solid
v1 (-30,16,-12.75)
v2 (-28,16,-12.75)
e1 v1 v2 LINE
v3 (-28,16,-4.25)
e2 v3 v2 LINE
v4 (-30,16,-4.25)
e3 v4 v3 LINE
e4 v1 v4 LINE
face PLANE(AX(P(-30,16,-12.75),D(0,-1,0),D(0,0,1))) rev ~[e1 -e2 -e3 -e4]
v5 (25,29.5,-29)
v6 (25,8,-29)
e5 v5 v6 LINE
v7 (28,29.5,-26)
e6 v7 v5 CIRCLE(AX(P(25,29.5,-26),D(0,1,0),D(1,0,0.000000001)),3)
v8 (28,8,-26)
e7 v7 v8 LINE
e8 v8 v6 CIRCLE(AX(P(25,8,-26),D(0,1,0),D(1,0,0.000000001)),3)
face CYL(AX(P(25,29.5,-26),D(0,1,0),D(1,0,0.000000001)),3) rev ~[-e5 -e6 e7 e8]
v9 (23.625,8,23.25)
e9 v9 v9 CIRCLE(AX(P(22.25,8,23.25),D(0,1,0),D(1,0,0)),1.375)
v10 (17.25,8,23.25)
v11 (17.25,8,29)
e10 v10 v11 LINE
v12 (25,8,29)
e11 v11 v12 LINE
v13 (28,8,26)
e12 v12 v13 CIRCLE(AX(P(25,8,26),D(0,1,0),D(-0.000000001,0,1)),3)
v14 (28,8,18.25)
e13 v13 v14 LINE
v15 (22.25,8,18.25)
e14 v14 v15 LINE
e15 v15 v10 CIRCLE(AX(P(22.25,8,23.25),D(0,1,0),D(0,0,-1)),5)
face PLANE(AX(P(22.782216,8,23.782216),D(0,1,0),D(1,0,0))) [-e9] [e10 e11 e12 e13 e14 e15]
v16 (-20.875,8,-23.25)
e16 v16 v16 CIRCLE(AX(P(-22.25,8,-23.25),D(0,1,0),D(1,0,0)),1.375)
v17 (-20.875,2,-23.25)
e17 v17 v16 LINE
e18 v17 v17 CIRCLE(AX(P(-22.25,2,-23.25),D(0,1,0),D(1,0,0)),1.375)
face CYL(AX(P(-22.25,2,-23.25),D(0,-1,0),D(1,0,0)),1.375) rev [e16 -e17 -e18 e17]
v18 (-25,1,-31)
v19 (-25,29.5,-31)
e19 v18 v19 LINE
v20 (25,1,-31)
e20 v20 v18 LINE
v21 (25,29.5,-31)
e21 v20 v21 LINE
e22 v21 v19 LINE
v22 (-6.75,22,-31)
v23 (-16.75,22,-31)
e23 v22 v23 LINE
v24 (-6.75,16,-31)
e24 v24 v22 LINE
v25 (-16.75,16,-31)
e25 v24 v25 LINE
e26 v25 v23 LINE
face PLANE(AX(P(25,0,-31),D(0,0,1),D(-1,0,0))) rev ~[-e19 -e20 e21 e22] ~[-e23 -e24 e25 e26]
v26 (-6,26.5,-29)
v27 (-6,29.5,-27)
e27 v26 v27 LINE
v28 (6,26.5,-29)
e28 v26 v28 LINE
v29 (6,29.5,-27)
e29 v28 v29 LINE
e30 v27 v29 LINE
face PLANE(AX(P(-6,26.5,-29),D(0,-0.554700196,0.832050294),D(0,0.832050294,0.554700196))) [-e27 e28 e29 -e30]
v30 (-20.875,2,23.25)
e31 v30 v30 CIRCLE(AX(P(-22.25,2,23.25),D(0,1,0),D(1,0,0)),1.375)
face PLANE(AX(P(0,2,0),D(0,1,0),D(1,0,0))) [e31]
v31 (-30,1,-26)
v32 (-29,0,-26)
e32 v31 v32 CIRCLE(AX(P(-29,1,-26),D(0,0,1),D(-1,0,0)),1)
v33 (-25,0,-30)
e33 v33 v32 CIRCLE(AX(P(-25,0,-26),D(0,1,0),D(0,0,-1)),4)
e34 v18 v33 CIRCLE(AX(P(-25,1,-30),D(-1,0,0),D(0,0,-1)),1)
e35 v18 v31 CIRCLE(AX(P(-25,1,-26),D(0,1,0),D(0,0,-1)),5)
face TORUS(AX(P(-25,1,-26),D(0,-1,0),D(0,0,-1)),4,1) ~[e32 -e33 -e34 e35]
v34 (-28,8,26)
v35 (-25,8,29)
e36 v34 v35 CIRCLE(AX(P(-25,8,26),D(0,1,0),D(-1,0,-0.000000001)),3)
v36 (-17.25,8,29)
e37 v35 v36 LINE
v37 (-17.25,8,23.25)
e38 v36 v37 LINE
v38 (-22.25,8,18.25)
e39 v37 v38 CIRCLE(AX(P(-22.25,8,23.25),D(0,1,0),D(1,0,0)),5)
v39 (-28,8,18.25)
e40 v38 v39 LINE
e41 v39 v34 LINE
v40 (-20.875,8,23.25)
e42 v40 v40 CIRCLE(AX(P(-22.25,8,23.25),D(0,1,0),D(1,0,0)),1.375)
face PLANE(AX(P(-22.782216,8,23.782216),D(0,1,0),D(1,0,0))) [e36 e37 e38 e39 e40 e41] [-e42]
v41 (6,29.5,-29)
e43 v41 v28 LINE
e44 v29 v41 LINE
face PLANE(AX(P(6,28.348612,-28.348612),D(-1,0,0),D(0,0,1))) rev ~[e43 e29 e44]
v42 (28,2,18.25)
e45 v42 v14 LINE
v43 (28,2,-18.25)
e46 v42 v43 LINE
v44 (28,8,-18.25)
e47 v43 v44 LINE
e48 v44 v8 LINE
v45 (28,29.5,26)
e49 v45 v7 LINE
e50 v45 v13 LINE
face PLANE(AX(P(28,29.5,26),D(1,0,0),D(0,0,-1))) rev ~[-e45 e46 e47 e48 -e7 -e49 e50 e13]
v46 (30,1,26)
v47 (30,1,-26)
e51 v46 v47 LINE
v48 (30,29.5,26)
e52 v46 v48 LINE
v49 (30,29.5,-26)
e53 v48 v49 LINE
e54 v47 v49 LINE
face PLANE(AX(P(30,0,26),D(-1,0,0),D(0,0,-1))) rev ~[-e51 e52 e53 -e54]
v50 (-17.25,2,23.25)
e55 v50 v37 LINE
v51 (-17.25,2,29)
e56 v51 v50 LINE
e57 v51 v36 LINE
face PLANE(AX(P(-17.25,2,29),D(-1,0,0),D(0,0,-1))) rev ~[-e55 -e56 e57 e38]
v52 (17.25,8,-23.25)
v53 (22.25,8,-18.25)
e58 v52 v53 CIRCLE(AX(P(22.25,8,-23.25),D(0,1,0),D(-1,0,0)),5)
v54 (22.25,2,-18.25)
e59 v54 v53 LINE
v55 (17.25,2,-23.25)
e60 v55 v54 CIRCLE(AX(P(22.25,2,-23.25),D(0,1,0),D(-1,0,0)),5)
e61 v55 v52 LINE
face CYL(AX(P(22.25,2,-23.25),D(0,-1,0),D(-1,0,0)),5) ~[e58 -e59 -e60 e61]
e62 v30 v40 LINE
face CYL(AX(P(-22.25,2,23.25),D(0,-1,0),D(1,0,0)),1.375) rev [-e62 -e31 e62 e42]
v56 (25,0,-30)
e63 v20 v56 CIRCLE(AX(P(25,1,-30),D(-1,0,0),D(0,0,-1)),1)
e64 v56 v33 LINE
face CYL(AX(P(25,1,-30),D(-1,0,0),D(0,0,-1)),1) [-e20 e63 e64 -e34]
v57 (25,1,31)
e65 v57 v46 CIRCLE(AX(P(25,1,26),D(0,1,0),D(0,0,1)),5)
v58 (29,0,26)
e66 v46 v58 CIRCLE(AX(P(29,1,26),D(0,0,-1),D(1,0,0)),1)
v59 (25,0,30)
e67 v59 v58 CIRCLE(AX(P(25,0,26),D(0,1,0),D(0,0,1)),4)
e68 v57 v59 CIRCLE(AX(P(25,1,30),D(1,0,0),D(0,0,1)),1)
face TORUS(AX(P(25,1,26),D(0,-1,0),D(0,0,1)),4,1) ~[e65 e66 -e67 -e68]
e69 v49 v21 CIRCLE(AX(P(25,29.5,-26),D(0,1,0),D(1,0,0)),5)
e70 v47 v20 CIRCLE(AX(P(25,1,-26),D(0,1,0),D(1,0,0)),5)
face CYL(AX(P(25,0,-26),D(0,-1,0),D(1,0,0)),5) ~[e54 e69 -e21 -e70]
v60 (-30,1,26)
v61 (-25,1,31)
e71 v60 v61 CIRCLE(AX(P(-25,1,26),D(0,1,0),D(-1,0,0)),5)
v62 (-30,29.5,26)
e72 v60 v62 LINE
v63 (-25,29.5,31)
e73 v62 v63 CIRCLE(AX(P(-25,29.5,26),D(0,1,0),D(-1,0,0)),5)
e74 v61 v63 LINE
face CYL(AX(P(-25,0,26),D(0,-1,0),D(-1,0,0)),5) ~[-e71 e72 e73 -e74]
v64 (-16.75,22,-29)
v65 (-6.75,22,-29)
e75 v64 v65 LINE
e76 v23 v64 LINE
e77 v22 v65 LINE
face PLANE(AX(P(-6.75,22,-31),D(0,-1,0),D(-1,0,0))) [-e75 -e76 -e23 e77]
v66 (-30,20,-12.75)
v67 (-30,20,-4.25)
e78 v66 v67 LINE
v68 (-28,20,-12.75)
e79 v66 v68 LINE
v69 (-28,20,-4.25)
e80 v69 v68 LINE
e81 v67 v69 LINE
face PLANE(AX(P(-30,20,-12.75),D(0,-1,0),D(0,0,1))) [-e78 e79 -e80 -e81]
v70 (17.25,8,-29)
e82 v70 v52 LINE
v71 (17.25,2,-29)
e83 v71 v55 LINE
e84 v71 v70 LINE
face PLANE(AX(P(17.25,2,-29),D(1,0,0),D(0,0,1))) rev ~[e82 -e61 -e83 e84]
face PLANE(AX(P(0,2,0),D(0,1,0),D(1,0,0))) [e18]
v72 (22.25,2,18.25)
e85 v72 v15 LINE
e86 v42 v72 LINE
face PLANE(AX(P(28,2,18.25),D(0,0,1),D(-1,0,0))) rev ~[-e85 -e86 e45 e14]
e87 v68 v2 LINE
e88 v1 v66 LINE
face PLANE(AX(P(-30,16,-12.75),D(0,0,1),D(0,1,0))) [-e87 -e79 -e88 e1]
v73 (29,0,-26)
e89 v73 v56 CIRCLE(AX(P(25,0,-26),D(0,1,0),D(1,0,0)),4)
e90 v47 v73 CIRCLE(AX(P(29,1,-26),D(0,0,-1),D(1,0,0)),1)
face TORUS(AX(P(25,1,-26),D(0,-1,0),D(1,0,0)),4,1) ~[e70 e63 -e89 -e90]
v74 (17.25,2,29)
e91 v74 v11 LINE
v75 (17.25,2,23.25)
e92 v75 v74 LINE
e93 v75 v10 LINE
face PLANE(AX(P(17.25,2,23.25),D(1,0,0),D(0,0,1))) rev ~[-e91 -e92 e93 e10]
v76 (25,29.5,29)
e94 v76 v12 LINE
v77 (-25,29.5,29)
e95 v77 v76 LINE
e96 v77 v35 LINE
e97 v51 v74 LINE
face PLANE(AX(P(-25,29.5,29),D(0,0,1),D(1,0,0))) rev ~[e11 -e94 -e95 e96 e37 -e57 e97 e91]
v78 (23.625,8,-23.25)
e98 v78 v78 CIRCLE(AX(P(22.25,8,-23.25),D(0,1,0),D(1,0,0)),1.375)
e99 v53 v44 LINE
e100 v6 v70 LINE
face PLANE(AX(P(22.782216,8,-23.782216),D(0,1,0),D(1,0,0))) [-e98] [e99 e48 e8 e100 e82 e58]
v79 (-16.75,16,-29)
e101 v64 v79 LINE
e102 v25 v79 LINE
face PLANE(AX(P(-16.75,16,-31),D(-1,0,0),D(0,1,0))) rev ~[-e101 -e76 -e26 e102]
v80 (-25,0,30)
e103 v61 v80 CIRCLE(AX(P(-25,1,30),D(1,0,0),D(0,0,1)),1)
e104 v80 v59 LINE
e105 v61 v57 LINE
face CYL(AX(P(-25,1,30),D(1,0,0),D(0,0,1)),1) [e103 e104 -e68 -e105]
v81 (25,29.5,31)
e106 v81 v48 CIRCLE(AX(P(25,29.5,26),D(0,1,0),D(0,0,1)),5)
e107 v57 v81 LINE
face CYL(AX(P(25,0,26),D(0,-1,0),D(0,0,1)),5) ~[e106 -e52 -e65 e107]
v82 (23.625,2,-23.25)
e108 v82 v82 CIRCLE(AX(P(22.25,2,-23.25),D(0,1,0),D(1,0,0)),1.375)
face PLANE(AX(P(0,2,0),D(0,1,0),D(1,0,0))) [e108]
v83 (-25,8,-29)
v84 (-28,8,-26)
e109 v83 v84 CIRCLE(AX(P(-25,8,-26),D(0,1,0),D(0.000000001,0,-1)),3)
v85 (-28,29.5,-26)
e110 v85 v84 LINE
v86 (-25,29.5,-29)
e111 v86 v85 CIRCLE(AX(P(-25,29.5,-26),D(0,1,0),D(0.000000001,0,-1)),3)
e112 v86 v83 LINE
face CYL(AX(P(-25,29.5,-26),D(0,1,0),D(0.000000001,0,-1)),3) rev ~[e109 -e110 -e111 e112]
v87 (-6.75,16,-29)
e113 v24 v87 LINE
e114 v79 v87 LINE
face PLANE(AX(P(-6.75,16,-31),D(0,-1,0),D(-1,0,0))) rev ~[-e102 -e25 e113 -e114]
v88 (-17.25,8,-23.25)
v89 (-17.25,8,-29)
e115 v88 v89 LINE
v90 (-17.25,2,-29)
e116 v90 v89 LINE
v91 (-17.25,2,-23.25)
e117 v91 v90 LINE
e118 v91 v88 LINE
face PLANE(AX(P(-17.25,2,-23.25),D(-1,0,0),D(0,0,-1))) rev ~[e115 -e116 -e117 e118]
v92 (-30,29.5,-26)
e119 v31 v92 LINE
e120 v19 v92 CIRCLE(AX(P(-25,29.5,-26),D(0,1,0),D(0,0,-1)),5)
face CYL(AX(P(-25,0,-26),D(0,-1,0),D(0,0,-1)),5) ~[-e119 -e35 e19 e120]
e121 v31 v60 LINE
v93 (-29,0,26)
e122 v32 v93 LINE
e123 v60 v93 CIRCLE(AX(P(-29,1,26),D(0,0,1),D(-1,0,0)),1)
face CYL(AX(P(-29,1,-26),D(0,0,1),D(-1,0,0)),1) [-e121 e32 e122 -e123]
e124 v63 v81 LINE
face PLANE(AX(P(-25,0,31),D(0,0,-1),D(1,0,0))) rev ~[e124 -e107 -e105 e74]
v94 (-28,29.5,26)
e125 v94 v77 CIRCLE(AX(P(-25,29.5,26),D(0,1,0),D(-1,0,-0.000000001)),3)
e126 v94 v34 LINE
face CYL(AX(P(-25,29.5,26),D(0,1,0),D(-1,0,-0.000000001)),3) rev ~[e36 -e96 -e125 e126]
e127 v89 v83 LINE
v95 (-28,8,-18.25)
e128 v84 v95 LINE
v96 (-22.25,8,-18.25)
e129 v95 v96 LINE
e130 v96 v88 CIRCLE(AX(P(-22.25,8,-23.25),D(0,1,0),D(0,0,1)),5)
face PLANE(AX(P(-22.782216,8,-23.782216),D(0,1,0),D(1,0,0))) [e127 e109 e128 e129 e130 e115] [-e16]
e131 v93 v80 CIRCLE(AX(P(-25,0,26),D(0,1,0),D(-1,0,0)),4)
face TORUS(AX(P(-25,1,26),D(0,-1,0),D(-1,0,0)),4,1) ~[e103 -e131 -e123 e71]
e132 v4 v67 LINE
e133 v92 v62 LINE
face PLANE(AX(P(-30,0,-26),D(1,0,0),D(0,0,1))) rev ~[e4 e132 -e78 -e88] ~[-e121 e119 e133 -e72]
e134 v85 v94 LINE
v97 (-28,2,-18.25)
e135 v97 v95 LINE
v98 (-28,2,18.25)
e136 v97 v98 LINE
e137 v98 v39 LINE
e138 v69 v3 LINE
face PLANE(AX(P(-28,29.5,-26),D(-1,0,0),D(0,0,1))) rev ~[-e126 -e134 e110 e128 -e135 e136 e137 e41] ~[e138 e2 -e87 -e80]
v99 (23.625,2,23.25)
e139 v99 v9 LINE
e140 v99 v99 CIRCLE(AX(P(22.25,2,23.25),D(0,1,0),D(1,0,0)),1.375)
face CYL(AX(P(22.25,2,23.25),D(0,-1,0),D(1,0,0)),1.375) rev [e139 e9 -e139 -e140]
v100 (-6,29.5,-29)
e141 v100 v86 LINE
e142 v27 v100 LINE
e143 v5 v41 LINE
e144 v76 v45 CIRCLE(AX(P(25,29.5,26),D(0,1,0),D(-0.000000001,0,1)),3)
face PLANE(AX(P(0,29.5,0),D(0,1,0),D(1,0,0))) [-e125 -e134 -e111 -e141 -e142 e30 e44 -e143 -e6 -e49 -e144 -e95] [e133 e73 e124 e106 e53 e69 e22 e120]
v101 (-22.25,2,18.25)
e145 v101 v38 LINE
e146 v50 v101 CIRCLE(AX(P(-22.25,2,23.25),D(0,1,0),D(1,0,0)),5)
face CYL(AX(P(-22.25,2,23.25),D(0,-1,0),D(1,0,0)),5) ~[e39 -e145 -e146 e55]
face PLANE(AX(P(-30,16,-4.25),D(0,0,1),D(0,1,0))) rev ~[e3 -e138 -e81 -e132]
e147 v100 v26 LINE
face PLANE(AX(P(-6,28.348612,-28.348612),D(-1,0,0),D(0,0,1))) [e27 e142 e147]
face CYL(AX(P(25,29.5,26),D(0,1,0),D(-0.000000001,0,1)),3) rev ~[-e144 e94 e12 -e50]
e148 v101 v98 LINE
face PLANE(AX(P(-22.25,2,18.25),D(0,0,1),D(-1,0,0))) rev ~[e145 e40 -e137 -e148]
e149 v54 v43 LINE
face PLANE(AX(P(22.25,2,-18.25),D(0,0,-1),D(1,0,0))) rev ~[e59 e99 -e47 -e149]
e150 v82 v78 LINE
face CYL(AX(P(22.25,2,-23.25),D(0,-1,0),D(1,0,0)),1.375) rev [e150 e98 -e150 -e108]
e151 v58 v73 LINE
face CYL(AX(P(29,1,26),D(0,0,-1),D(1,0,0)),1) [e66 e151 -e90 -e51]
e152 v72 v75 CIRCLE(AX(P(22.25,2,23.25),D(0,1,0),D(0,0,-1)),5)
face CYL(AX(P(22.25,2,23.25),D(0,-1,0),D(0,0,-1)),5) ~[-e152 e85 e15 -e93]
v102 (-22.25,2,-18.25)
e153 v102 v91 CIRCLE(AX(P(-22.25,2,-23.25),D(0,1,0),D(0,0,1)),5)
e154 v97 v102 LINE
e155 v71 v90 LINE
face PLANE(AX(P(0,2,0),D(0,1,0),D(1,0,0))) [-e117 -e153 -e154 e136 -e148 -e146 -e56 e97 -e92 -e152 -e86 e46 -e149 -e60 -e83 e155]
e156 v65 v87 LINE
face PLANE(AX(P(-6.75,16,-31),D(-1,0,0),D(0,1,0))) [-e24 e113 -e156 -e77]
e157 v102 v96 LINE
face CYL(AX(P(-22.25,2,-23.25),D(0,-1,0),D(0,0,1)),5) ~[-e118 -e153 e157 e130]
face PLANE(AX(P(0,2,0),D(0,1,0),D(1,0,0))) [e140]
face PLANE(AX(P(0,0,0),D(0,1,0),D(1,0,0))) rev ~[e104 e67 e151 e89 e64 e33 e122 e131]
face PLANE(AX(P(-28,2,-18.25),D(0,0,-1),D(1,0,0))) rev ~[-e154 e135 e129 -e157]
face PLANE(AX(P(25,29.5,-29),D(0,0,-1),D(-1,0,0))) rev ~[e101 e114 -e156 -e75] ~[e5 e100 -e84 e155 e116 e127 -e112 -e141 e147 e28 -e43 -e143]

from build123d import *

# Parameters (mm, degrees)
BOSS_EXTRUDE1_DEPTH = 29.5
CUT_EXTRUDE1_DEPTH  = 27.5
SKETCH4_R           = 1.375
BOSS_EXTRUDE2_DEPTH = 6
CUT_EXTRUDE2_REACH  = 62
SKETCH5_W           = 8.5
SKETCH5_H           = 4
CUT_EXTRUDE3_REACH  = 64
SKETCH6_W           = 10
SKETCH6_H           = 6
BOSS_EXTRUDE3_DEPTH = 12
FILLET1_R           = 1


with BuildPart() as part:
    # Sketch1 → Boss-Extrude1 (new body)
    with BuildSketch(Plane(origin=(0, 0, 0), x_dir=(1, 0, 0), z_dir=(0, 1, 0))):
        with BuildLine():
            Line((-25, -31), (25, -31))
            ThreePointArc((25, -31), (28.535533906, -29.535533906), (30, -26))
            Line((30, -26), (30, 26))
            ThreePointArc((30, 26), (28.535533906, 29.535533906), (25, 31))
            Line((25, 31), (-25, 31))
            ThreePointArc((-25, 31), (-28.535533906, 29.535533906), (-30, 26))
            Line((-30, 26), (-30, -26))
            ThreePointArc((-30, -26), (-28.535533906, -29.535533906), (-25, -31))
        make_face()
    extrude(amount=BOSS_EXTRUDE1_DEPTH)

    # Sketch2 → Cut-Extrude1 (cut)
    with BuildSketch(Plane(origin=(0, 29.5, 0), x_dir=(1, 0, 0), z_dir=(0, 1, 0))):
        with BuildLine():
            Line((-25, -29), (25, -29))
            ThreePointArc((25, -29), (27.121320344, -28.121320344), (28, -26))
            Line((28, -26), (28, 26))
            ThreePointArc((28, 26), (27.121320344, 28.121320344), (25, 29))
            Line((25, 29), (-25, 29))
            ThreePointArc((-25, 29), (-27.121320344, 28.121320344), (-28, 26))
            Line((-28, 26), (-28, -26))
            ThreePointArc((-28, -26), (-27.121320344, -28.121320344), (-25, -29))
        make_face()
    extrude(amount=-CUT_EXTRUDE1_DEPTH, mode=Mode.SUBTRACT)

    # Sketch4 → Boss-Extrude2 (add)
    with BuildSketch(Plane(origin=(0, 2, 0), x_dir=(1, 0, 0), z_dir=(0, 1, 0))):
        with BuildLine():
            Line((-17.25, 23.25), (-17.25, 29))
            Line((-17.25, 29), (-25, 29))
            ThreePointArc((-25, 29), (-27.121320344, 28.121320344), (-28, 26))
            Line((-28, 26), (-28, 18.25))
            Line((-28, 18.25), (-22.25, 18.25))
            ThreePointArc((-22.25, 18.25), (-18.714466094, 19.714466094), (-17.25, 23.25))
        make_face()
        with Locations((-22.25, 23.25)):
            Circle(SKETCH4_R, mode=Mode.SUBTRACT)
        with BuildLine():
            Line((22.25, 18.25), (28, 18.25))
            Line((28, 18.25), (28, 26))
            ThreePointArc((28, 26), (27.121320344, 28.121320344), (25, 29))
            Line((25, 29), (17.25, 29))
            Line((17.25, 29), (17.25, 23.25))
            ThreePointArc((17.25, 23.25), (18.714466094, 19.714466094), (22.25, 18.25))
        make_face()
        with Locations((22.25, 23.25)):
            Circle(SKETCH4_R, mode=Mode.SUBTRACT)
        with BuildLine():
            Line((-25, -29), (-17.25, -29))
            Line((-17.25, -29), (-17.25, -23.25))
            ThreePointArc((-17.25, -23.25), (-18.714466094, -19.714466094), (-22.25, -18.25))
            Line((-22.25, -18.25), (-28, -18.25))
            Line((-28, -18.25), (-28, -26))
            ThreePointArc((-28, -26), (-27.121320344, -28.121320344), (-25, -29))
        make_face()
        with Locations((-22.25, -23.25)):
            Circle(SKETCH4_R, mode=Mode.SUBTRACT)
        with BuildLine():
            Line((28, -26), (28, -18.25))
            Line((28, -18.25), (22.25, -18.25))
            ThreePointArc((22.25, -18.25), (18.714466094, -19.714466094), (17.25, -23.25))
            Line((17.25, -23.25), (17.25, -29))
            Line((17.25, -29), (25, -29))
            ThreePointArc((25, -29), (27.121320344, -28.121320344), (28, -26))
        make_face()
        with Locations((22.25, -23.25)):
            Circle(SKETCH4_R, mode=Mode.SUBTRACT)
    extrude(amount=BOSS_EXTRUDE2_DEPTH)

    # Sketch5 → Cut-Extrude2 (cut, up to next)
    with BuildSketch(Plane.ZY.offset(30), mode=Mode.PRIVATE) as cut_extrude2_sk1:
        with Locations((-8.5, 18)):
            Rectangle(SKETCH5_W, SKETCH5_H)
    cut_extrude2_tool1 = extrude(cut_extrude2_sk1.sketch, amount=-CUT_EXTRUDE2_REACH, mode=Mode.PRIVATE) & part.part
    add(cut_extrude2_tool1.solids().sort_by_distance((-30, 18, -8.5))[0], mode=Mode.SUBTRACT)

    # Sketch6 → Cut-Extrude3 (cut, up to next)
    with BuildSketch(Plane(origin=(0, 0, -31), x_dir=(-1, 0, 0), z_dir=(0, 0, -1)), mode=Mode.PRIVATE) as cut_extrude3_sk1:
        with Locations((11.75, 19)):
            Rectangle(SKETCH6_W, SKETCH6_H)
    cut_extrude3_tool1 = extrude(cut_extrude3_sk1.sketch, amount=-CUT_EXTRUDE3_REACH, mode=Mode.PRIVATE) & part.part
    add(cut_extrude3_tool1.solids().sort_by_distance((-11.75, 19, -31))[0], mode=Mode.SUBTRACT)

    # Sketch7 → Boss-Extrude3 (add)
    with BuildSketch(Plane.ZY.offset(6)):
        Polygon((-29, 29.5), (-29, 26.5), (-27, 29.5), align=None)
    extrude(amount=-BOSS_EXTRUDE3_DEPTH)

    # Fillet1
    fillet1_edges = [part.edges().sort_by_distance(p)[0] for p in [
        (0, 0, -31),
        (28.535533906, 0, -29.535533906),
        (30, 0, 0),
        (28.535533906, 0, 29.535533906),
        (0, 0, 31),
        (-28.535533906, 0, 29.535533906),
        (-30, 0, 0),
        (-28.535533906, 0, -29.535533906),
    ]]
    fillet(fillet1_edges, radius=FILLET1_R)


solid = part.part
